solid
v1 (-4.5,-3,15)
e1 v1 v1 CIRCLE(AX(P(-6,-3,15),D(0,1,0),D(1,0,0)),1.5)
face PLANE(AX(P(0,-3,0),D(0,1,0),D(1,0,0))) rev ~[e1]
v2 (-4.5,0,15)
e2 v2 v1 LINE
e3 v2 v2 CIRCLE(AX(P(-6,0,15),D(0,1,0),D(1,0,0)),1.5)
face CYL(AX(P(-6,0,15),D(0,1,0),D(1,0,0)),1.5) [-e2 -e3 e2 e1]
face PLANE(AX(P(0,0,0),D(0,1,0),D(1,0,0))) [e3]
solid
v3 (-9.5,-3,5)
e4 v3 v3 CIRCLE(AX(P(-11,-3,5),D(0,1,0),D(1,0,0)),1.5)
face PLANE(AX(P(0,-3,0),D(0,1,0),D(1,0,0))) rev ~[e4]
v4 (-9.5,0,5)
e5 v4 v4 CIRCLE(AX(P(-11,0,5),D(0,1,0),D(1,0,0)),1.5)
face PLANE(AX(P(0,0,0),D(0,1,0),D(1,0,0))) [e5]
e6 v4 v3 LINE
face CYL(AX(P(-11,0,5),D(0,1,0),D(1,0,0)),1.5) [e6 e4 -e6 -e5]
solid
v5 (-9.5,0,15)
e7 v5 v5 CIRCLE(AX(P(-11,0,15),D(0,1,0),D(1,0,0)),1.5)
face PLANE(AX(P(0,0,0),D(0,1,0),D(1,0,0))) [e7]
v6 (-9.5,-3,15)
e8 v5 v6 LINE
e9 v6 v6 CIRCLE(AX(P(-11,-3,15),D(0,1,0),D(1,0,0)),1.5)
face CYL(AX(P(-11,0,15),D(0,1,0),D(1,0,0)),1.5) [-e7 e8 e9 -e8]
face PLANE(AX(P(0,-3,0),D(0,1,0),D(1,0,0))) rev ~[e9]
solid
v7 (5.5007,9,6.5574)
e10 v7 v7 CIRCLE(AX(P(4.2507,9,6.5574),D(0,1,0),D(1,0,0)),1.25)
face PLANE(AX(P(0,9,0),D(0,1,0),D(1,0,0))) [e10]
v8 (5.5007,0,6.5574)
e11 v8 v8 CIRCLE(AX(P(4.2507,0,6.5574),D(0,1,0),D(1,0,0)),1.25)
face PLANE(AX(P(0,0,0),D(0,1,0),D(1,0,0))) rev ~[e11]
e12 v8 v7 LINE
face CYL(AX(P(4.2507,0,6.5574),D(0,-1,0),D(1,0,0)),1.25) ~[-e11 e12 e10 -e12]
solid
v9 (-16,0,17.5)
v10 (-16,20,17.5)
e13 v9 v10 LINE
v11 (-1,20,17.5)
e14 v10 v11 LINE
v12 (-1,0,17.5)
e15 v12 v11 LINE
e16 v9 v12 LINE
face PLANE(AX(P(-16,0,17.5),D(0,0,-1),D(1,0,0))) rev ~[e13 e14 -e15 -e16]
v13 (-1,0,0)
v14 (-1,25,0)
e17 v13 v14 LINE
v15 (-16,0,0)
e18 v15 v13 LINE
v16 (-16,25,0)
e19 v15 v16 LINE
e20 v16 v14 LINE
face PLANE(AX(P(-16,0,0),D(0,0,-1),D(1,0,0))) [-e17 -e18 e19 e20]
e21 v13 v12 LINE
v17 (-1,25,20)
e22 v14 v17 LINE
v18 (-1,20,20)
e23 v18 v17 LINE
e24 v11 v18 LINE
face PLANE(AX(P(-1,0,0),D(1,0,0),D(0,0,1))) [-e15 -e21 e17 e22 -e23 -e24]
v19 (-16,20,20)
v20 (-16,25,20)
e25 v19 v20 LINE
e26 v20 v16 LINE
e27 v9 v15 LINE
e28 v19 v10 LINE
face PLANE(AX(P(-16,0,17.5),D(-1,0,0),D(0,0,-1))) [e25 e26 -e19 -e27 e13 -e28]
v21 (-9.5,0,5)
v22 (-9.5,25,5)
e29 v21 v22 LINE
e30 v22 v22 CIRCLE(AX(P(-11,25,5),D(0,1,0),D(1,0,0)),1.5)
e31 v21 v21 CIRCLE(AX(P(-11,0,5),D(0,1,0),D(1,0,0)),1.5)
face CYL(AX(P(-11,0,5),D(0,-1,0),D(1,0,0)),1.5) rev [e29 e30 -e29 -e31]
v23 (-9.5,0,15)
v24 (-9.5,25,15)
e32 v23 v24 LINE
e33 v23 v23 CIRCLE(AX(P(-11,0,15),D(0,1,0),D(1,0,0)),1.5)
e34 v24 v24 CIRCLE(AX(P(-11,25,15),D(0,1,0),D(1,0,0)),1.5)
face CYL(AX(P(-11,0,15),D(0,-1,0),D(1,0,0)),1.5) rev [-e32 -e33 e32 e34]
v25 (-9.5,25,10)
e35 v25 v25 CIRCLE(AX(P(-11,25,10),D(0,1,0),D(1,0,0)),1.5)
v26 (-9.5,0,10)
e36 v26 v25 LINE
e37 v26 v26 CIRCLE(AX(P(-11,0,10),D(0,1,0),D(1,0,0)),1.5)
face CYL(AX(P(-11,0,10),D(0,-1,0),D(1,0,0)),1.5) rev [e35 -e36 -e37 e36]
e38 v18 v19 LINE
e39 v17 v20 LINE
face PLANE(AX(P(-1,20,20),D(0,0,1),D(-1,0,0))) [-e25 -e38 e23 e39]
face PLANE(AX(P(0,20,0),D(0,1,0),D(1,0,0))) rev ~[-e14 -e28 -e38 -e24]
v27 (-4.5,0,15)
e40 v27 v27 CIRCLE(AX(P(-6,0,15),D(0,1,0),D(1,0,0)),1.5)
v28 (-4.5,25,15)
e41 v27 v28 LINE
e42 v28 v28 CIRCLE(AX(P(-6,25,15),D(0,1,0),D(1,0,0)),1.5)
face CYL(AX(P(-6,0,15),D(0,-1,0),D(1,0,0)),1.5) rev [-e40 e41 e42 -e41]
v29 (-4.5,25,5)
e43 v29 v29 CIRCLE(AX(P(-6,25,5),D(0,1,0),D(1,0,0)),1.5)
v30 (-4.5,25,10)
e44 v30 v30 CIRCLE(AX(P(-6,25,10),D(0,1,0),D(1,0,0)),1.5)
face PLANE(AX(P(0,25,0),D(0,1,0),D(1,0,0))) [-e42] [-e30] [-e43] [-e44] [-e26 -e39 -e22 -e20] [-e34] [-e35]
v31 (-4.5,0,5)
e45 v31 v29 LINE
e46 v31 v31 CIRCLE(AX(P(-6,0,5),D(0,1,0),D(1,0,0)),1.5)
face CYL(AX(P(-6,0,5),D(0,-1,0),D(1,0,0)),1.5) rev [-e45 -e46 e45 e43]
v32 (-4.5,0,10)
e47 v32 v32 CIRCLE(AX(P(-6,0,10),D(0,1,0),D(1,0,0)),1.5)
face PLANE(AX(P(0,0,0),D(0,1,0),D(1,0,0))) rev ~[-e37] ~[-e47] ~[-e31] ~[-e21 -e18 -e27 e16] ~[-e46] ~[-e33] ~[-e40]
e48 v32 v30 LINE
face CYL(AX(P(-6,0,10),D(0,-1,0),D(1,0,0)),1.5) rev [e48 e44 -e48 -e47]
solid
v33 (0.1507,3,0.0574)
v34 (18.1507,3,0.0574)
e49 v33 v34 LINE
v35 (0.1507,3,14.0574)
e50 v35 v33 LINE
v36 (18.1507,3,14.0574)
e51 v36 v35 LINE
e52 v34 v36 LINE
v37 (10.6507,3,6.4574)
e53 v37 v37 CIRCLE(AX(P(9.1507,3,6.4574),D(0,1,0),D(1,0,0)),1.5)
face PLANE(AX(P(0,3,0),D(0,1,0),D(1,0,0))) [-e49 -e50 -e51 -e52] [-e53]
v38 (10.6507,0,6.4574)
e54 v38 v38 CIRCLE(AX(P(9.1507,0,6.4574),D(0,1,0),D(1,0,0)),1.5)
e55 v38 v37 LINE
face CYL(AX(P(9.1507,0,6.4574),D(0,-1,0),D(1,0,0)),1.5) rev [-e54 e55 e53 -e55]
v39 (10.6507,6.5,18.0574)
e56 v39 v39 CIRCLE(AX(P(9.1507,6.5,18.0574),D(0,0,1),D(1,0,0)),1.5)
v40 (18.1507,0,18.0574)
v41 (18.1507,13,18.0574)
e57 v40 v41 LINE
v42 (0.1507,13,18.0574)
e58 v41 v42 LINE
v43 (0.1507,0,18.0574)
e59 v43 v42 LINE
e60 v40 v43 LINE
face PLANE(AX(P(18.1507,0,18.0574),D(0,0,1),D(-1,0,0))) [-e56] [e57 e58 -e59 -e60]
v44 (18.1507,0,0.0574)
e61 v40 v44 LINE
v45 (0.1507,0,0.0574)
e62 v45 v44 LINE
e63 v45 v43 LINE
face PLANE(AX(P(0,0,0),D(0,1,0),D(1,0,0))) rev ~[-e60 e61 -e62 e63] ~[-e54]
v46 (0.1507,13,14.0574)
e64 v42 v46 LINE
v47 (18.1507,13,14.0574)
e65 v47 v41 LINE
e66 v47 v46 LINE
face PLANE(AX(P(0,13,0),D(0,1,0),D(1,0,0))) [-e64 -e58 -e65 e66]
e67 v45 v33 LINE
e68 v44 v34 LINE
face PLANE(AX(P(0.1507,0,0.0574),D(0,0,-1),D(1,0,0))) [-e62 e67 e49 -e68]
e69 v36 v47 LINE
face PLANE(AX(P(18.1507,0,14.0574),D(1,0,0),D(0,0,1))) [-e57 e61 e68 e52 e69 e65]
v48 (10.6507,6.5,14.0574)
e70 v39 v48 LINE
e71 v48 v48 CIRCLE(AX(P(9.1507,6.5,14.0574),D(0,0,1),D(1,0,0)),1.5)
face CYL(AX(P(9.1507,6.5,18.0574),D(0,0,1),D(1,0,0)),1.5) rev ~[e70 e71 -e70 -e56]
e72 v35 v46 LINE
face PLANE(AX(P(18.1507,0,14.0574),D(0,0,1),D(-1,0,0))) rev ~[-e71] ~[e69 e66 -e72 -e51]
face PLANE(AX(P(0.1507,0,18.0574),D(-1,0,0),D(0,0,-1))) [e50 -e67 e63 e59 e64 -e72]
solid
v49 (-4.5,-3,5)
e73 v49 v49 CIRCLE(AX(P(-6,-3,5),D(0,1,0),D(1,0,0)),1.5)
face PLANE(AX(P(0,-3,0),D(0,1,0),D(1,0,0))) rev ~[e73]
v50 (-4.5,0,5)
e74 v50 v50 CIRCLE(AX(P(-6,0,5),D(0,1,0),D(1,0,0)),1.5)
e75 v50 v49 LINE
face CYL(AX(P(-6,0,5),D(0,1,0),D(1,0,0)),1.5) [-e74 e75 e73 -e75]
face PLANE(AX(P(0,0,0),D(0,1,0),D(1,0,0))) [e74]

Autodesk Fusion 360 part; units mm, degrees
sketch "Sketch1" plane through (0, 0, 0) normal (0, 1, 0) x (1, 0, 0)
  line L0 (0.1507, -0.0574) -> (18.1507, -0.0574)
  line L1 (18.1507, -0.0574) -> (18.1507, -18.0574)
  line L2 (18.1507, -18.0574) -> (0.1507, -18.0574)
  line L3 (0.1507, -18.0574) -> (0.1507, -0.0574)
  circle A0 centre (9.1507, -6.4574) radius 1.5
  line L4 (0.1507, -18.0574) -> (18.1507, -18.0574)
  line L5 (18.1507, -18.0574) -> (18.1507, -14.0574)
  line L6 (18.1507, -14.0574) -> (0.1507, -14.0574)
  line L7 (0.1507, -14.0574) -> (0.1507, -18.0574)
  circle A1 centre (4.2507, -6.5574) radius 1.25
  dimension "d4" = 18
  dimension "d5" = 18
  dimension "d6" = 3
  dimension "d7" = 9
  dimension "d9" = 4
  dimension "d27" = 2.5
  dimension "d28" = 4.9
  dimension "d35" = 7.6
  dimension "d36" = 7.5
extrude "Extrude1" add sketch "Sketch1" along normal blind 3 contours L0 L1 L3 L6 | A1 makes body 1
extrude "Extrude2" add sketch "Sketch1" along normal blind 13 contours L1 L2 L3 L4 L5 L6 L7 bodies 1
sketch "Sketch2" plane through (0, 0, 18.0574) normal (0, 0, 1) x (1, 0, 0)
  line L0 (0.1507, 0) -> (18.1507, 0)
  line L1 (18.1507, 0) -> (18.1507, 13)
  line L2 (18.1507, 13) -> (0.1507, 13)
  line L3 (0.1507, 13) -> (0.1507, 0)
  circle A0 centre (9.1507, 6.5) radius 1.5
  point P0 (9.1507, 0)
  dimension "d25" = 6.5
  dimension "d26" = 7
  dimension "d33" = 3
extrude "Extrude4" cut sketch "Sketch2" along normal mid plane 20 contours A0 bodies 1
extrude "Extrude6" add sketch "Sketch1" along normal blind 9 separate body contours A1 makes body 2
sketch "Sketch3" plane through (0, 0, 0) normal (0, 1, 0) x (1, 0, 0)
  line L0 (-16, 0) -> (-1, 0)
  line L1 (-1, 0) -> (-1, -20)
  line L2 (-1, -20) -> (-16, -20)
  line L3 (-16, -20) -> (-16, 0)
  circle A0 centre (-11, -5) radius 1.5
  circle A1 centre (-6, -5) radius 1.5
  circle A2 centre (-11, -10) radius 1.5
  circle A3 centre (-6, -10) radius 1.5
  circle A4 centre (-11, -15) radius 1.5
  circle A5 centre (-6, -15) radius 1.5
  line L4 (-16, -17.5) -> (-1, -17.5)
  line L5 (-1, -17.5) -> (-1, -20)
  line L6 (-1, -20) -> (-16, -20)
  line L7 (-16, -20) -> (-16, -17.5)
  dimension "d37" = 15
  dimension "d38" = 20
  dimension "d39" = 3
  dimension "d40" = 5
  dimension "d41" = 5
  dimension "d42" = 3
  dimension "d43" = 5
  dimension "d44" = 3
  dimension "d45" = 3
  dimension "d46" = 5
  dimension "d47" = 5
  dimension "d48" = 5
  dimension "d49" = 5
  dimension "d50" = 3
  dimension "d51" = 3
  dimension "d52" = 5
  dimension "d53" = 5
  dimension "d54" = 5
  dimension "d55" = 5
  dimension "d56" = 5
  dimension "d57" = 7.5
extrude "Extrude7" add sketch "Sketch3" along normal blind 25 separate body contours L0 L1 L3 L4 makes body 3
extrude "Extrude8" add sketch "Sketch3" along normal blind 5 from surface at 20 contours L1 L2 L3 L4 L5 L6 L7 bodies 3
extrude "Extrude9" add sketch "Sketch3" against normal blind 3 separate body contours A0 | A1 | A4 | A5 makes body 4 at (-4.5019, -2, 5.0748) makes body 5 at (-4.5019, -2, 15.0748) makes body 6 at (-9.5019, -2, 5.0748) makes body 7 at (-9.5019, -2, 15.0748)
copy_body "CutPasteBodies1" bodies 3 4 5 6 7 removing the originals makes body 8 makes body 9 makes body 10 makes body 11 makes body 12 in component "Component"
component "Component" placed x (1, 0, 0) y (0, 1, 0) z (0, 0, 1) at (0, 0, 0)
